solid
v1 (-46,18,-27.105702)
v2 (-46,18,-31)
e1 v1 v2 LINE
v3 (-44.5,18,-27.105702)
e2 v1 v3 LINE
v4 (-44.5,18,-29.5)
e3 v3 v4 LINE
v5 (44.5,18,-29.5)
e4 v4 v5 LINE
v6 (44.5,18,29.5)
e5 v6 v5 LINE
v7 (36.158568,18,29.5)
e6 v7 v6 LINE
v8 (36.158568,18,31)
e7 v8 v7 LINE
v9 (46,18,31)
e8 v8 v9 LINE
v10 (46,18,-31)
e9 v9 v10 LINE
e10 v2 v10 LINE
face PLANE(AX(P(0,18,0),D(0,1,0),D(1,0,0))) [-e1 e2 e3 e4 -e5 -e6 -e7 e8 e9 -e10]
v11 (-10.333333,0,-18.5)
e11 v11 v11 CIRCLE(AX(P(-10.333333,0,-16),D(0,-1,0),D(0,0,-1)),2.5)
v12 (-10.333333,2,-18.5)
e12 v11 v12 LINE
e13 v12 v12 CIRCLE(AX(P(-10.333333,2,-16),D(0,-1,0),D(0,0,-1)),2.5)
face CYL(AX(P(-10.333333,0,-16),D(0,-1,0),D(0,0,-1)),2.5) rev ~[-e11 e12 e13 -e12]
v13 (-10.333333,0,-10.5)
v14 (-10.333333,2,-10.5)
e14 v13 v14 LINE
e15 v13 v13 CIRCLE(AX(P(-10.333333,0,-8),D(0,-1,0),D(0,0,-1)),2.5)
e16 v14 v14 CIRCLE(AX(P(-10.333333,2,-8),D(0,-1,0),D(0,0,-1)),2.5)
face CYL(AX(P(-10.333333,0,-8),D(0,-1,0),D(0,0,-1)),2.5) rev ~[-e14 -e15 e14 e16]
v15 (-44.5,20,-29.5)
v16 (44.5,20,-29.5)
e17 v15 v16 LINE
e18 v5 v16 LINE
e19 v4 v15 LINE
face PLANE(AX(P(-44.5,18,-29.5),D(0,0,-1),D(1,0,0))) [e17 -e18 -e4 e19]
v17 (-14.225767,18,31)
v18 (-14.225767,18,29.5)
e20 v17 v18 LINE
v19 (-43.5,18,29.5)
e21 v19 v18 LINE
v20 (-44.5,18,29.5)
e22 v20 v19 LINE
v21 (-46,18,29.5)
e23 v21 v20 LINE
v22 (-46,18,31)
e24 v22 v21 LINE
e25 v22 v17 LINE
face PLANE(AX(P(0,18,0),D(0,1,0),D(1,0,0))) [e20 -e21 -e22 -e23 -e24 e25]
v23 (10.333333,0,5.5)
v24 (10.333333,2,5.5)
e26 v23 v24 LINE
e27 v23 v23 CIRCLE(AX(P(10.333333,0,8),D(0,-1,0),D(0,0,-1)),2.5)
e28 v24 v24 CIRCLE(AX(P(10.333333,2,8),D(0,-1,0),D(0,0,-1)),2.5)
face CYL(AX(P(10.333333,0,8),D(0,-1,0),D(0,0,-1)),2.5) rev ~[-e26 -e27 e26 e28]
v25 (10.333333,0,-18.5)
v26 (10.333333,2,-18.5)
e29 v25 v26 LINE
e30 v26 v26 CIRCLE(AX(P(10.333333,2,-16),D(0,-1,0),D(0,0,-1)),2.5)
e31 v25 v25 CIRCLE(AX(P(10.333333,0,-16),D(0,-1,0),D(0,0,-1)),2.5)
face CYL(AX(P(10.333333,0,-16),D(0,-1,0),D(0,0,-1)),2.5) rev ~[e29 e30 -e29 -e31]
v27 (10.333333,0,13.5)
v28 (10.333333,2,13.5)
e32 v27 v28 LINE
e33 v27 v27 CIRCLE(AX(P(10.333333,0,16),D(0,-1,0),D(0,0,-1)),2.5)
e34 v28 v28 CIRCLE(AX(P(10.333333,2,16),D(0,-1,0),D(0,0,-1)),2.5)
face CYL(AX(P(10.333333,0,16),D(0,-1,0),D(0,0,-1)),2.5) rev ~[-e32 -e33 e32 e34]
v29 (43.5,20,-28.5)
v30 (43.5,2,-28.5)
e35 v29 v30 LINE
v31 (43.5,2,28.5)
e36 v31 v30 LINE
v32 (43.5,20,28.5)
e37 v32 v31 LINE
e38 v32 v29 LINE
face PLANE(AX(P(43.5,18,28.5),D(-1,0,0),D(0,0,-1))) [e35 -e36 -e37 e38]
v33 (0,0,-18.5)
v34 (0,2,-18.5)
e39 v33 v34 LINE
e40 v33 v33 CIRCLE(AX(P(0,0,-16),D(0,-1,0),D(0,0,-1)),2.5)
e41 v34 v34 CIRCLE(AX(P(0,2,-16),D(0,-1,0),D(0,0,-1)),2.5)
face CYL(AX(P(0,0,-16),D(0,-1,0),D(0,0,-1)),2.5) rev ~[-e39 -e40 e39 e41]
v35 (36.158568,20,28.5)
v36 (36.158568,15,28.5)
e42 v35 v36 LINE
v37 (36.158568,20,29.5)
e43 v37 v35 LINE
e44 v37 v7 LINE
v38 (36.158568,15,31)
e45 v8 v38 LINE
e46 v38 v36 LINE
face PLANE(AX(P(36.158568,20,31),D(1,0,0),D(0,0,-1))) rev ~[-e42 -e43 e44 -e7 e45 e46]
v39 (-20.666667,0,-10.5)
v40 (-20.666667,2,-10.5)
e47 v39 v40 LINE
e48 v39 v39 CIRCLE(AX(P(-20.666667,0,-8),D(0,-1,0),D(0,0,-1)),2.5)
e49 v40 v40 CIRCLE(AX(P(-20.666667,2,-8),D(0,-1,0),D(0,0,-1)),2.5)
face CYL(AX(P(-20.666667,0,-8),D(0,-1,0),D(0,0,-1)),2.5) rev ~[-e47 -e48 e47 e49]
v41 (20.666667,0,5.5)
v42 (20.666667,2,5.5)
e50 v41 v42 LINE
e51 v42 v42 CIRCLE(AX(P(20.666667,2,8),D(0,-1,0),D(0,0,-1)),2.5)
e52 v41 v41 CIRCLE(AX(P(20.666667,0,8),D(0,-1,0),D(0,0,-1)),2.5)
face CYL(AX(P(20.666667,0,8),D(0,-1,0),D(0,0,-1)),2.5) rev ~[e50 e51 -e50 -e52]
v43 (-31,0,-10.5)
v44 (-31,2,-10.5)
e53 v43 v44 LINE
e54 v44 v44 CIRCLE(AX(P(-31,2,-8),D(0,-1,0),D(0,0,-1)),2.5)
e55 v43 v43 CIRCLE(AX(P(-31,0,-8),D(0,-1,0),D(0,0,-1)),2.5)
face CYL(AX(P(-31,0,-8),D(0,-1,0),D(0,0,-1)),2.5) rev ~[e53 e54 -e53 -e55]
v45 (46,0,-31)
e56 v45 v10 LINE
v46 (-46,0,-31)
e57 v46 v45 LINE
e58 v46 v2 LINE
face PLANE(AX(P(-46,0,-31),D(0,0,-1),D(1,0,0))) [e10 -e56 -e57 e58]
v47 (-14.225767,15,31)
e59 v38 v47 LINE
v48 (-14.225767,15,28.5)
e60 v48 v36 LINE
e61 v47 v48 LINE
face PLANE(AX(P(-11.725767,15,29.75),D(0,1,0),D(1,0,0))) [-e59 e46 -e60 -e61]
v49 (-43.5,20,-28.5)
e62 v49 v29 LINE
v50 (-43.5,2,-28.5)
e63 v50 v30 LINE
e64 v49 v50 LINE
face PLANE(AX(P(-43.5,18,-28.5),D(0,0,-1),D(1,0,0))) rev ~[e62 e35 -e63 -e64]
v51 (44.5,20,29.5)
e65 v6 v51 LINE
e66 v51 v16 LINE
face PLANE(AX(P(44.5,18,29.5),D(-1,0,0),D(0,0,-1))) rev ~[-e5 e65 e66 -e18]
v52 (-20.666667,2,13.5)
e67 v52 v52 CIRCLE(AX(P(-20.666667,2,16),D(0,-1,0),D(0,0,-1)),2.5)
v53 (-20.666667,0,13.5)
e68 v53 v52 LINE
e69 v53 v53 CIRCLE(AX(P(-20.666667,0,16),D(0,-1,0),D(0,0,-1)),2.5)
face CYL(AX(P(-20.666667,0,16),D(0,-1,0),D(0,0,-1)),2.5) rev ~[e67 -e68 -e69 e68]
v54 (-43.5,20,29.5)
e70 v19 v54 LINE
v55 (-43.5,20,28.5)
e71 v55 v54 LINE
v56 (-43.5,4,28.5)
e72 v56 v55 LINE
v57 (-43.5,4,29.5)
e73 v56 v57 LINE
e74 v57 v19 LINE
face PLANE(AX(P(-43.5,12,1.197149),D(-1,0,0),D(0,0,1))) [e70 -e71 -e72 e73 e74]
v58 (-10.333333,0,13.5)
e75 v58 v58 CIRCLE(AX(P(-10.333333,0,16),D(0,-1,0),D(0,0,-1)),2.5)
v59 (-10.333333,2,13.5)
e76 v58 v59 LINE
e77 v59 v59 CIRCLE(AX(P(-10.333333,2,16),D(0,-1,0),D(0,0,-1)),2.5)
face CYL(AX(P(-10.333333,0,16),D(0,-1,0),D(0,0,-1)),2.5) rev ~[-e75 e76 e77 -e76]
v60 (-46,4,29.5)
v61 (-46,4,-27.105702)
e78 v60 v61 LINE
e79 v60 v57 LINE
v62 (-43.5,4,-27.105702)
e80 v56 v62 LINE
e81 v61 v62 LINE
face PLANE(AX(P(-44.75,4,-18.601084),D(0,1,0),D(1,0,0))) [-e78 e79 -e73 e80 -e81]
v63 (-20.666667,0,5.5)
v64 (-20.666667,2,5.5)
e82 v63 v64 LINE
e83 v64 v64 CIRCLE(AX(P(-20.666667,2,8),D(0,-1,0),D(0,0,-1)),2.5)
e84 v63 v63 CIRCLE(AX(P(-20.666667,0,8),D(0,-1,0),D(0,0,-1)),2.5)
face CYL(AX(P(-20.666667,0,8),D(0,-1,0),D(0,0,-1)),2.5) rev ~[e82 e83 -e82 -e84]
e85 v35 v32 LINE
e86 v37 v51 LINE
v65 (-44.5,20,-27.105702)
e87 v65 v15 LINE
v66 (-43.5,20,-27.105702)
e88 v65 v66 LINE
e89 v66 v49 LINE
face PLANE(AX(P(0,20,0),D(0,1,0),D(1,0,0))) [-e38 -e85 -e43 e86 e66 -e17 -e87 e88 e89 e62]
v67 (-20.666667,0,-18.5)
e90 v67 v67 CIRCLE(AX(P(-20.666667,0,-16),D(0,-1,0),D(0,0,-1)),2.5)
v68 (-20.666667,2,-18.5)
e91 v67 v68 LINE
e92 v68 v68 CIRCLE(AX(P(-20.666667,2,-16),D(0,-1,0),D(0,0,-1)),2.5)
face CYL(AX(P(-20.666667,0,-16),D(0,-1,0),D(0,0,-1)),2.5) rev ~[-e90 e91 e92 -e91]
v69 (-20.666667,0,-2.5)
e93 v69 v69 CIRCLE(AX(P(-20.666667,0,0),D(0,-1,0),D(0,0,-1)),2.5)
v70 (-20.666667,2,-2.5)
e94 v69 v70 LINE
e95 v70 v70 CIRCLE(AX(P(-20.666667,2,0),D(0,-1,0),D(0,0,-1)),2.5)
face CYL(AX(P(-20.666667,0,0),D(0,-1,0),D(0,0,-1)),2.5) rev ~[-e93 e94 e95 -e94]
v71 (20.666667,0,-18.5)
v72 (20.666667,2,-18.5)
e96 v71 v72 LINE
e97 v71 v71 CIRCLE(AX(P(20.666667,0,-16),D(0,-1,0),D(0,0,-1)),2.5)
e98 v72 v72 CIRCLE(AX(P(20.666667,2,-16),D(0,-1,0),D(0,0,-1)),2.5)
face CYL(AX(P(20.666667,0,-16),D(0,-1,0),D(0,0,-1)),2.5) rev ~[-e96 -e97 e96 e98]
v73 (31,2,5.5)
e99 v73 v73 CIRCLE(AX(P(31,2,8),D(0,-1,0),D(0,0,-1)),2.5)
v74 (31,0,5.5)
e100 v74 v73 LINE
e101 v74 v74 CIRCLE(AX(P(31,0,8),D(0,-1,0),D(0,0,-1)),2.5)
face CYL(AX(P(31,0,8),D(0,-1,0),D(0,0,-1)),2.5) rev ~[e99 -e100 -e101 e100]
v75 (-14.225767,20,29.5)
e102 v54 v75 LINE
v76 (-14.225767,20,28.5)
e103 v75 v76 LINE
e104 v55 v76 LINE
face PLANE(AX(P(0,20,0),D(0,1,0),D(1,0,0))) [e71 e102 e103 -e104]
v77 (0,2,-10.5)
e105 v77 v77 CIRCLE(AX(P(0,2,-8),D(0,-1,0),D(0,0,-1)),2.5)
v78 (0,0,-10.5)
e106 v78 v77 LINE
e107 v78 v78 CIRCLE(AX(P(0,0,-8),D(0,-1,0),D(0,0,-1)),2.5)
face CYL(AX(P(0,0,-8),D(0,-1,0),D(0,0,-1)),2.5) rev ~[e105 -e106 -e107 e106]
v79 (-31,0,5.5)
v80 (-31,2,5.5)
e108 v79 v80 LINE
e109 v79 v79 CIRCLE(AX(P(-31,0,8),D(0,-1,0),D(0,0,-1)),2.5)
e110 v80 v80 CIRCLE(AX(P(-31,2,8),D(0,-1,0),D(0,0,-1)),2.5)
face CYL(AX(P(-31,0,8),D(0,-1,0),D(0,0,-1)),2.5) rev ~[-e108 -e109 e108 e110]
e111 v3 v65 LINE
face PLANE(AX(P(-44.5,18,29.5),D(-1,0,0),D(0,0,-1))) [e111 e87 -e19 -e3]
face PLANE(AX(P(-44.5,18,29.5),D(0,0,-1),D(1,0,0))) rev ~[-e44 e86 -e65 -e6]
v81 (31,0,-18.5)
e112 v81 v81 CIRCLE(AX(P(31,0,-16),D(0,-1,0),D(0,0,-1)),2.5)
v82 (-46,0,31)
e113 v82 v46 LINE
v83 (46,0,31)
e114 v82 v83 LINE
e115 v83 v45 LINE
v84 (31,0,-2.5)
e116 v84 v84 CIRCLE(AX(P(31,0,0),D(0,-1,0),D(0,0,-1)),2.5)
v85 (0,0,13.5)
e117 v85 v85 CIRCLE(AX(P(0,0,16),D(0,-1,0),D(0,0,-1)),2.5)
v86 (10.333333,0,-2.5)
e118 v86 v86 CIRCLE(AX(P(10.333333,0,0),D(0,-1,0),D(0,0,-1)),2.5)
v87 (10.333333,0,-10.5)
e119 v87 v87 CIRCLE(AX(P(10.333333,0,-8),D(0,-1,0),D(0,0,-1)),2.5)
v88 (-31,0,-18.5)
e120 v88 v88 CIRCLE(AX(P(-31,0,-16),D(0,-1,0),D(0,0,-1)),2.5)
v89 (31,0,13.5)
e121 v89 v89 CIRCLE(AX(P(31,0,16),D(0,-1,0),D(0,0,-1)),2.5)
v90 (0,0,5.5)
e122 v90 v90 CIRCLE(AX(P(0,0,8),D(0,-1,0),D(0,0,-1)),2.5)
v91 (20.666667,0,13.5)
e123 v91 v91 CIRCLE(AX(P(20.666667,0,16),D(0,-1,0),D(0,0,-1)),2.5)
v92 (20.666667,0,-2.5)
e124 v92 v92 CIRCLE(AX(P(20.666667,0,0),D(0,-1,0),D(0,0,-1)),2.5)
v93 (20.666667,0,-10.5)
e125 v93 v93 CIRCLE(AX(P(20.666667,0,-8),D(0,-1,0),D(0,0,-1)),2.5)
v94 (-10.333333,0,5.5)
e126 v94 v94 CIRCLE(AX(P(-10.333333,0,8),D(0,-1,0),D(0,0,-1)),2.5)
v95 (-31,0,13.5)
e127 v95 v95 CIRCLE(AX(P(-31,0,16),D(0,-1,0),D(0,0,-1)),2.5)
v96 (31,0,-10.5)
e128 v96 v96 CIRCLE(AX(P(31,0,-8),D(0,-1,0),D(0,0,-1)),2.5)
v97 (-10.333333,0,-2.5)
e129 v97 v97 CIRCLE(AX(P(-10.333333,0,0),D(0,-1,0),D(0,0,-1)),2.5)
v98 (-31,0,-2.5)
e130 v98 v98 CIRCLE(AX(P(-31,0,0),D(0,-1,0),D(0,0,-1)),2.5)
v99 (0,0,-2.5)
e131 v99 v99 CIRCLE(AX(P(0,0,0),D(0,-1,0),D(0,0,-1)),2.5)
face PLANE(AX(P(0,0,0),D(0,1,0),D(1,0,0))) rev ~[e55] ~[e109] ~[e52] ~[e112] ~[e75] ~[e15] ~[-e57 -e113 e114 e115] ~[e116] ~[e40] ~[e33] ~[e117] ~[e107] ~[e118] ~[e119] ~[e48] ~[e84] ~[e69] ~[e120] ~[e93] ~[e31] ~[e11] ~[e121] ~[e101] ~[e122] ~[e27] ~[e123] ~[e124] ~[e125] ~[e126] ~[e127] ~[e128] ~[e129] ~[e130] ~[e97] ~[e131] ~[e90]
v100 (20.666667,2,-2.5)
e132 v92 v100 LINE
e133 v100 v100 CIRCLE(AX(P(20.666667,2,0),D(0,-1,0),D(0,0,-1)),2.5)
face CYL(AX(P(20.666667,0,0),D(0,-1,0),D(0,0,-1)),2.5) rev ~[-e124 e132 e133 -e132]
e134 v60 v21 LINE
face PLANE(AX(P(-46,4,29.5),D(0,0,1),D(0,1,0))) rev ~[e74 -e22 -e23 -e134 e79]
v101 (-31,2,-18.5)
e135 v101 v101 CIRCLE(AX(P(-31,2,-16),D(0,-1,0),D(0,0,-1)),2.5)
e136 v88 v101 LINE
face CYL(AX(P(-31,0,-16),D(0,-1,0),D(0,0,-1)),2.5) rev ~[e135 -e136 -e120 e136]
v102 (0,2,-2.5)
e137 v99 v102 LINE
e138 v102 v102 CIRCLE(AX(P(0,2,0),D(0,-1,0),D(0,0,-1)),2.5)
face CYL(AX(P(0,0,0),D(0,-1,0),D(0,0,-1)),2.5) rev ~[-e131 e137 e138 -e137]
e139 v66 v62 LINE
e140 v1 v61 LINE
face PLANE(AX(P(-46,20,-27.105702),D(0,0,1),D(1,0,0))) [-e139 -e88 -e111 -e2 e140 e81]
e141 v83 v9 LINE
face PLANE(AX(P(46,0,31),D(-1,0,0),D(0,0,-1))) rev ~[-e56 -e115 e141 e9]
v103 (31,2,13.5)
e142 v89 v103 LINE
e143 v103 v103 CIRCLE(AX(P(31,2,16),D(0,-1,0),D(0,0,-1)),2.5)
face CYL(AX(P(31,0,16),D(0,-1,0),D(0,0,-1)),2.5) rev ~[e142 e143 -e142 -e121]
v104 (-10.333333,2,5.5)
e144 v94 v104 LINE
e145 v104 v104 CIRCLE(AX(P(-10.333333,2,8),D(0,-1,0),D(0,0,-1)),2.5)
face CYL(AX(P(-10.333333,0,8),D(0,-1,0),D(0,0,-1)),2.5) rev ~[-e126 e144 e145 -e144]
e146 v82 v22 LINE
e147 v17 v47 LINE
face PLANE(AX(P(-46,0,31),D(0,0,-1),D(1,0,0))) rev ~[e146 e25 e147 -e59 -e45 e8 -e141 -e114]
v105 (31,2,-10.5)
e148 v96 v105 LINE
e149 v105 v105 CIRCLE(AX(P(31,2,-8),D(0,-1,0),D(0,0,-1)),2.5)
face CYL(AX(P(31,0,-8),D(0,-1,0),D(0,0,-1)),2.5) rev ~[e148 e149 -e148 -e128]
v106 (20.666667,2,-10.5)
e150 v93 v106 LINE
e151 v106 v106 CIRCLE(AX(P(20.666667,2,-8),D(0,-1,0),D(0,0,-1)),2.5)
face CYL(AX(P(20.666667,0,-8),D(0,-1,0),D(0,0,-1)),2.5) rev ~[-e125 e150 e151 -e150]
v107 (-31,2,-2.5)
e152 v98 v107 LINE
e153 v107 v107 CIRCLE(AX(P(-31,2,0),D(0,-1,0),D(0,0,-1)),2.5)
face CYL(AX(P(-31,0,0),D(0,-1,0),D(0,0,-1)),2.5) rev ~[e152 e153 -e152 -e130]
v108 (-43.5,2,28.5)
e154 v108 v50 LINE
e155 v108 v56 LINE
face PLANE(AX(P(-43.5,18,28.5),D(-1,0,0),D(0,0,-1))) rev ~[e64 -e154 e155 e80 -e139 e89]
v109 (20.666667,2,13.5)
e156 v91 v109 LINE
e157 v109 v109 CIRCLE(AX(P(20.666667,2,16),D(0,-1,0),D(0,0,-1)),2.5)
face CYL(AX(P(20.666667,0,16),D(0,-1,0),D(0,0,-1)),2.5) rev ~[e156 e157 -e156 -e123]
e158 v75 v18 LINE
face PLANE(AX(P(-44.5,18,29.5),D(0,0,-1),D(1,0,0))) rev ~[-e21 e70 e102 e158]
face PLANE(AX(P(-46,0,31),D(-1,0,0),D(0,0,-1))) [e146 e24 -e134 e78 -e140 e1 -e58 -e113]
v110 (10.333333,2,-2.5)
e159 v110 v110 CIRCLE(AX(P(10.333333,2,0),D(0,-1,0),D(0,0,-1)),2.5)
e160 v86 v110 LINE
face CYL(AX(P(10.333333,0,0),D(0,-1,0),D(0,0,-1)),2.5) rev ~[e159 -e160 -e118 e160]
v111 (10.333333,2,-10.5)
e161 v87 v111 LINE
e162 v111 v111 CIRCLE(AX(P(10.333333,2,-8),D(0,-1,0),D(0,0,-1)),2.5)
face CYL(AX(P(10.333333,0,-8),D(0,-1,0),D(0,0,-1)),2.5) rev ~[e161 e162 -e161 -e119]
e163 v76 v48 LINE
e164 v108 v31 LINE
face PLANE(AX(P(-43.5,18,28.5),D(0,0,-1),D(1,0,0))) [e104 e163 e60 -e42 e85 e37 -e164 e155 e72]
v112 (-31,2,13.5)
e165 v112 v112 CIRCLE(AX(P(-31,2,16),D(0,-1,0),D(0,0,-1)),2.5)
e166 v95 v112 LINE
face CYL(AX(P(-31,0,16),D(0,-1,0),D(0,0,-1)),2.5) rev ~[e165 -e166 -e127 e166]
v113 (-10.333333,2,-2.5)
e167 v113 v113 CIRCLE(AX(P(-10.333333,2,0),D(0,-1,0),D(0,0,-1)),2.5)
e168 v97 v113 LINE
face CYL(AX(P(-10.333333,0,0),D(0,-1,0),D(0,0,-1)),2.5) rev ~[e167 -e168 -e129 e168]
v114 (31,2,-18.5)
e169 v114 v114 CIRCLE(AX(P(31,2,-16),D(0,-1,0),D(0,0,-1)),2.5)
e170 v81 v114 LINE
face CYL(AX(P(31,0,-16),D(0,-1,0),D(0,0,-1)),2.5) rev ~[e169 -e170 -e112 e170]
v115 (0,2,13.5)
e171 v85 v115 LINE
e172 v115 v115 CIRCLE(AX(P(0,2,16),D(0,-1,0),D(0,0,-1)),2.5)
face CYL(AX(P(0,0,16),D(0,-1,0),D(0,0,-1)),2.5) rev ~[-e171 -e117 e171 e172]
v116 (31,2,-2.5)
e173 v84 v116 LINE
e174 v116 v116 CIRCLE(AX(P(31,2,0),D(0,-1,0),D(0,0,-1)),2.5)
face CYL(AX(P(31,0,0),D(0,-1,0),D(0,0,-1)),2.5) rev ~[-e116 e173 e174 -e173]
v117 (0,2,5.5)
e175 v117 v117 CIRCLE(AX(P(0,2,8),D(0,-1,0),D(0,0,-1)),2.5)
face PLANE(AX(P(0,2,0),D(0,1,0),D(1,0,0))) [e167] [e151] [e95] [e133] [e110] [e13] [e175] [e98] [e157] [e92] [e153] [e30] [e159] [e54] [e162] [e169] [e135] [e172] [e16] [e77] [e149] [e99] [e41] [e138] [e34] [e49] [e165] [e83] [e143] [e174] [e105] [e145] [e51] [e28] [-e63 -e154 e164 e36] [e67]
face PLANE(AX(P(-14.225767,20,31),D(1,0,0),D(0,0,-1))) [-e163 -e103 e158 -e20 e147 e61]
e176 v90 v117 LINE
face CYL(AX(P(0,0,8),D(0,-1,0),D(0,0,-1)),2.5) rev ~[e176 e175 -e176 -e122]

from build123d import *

# Parameters (mm, degrees)
CROQUIS1_W              = 92
CROQUIS1_H              = 62
SALIENTE_EXTRUIR1_DEPTH = 18
CROQUIS2_W              = 87
CROQUIS2_H              = 57
CORTAR_EXTRUIR1_DEPTH   = 16
CROQUIS3_W              = 89
CROQUIS3_H              = 59
CROQUIS3_W_2            = 87
CROQUIS3_H_2            = 57
SALIENTE_EXTRUIR2_DEPTH = 2
CROQUIS4_W              = 2.5
CROQUIS4_H              = 14.150072655
CROQUIS4_H_2            = 13.999979608
CROQUIS4_H_3            = 17.009234147
CORTAR_EXTRUIR2_DEPTH   = 16
CROQUIS5_W              = 9.965409089
CROQUIS5_H              = 2.5
CROQUIS5_W_2            = 7.304626576
CROQUIS5_W_3            = 7.420347284
CROQUIS5_W_4            = 5
CORTAR_EXTRUIR3_DEPTH   = 5
CROQUIS7_R              = 2.5
CORTAR_EXTRUIR4_DEPTH   = 2
CROQUIS8_W              = 50.384335714
CROQUIS8_H              = 5
CORTAR_EXTRUIR5_DEPTH   = 2.5
CROQUIS9_W              = 56.605701511
CROQUIS9_H              = 16
CORTAR_EXTRUIR6_DEPTH   = 2.5


with BuildPart() as part:
    # Croquis1 → Saliente-Extruir1 (new body)
    with BuildSketch(Plane(origin=(0, 0, 0), x_dir=(1, 0, 0), z_dir=(0, 1, 0))):
        Rectangle(CROQUIS1_W, CROQUIS1_H)
    extrude(amount=SALIENTE_EXTRUIR1_DEPTH)

    # Croquis2 → Cortar-Extruir1 (cut)
    with BuildSketch(Plane(origin=(0, 18, 0), x_dir=(1, 0, 0), z_dir=(0, 1, 0))):
        Rectangle(CROQUIS2_W, CROQUIS2_H)
    extrude(amount=-CORTAR_EXTRUIR1_DEPTH, mode=Mode.SUBTRACT)

    # Croquis3 → Saliente-Extruir2 (add)
    with BuildSketch(Plane(origin=(0, 18, 0), x_dir=(1, 0, 0), z_dir=(0, 1, 0))):
        Rectangle(CROQUIS3_W, CROQUIS3_H)
        Rectangle(CROQUIS3_W_2, CROQUIS3_H_2, mode=Mode.SUBTRACT)
    extrude(amount=SALIENTE_EXTRUIR2_DEPTH)

    # Croquis4 → Cortar-Extruir2 (cut)
    with BuildSketch(Plane(origin=(0, 20, 0), x_dir=(1, 0, 0), z_dir=(0, 1, 0))):
        with Locations((-44.75, -18.476544129)):
            Rectangle(CROQUIS4_W, CROQUIS4_H)
        with Locations((-44.75, -0.477589339)):
            Rectangle(CROQUIS4_W, CROQUIS4_H_2)
        with Locations((-44.75, 18.601084438)):
            Rectangle(CROQUIS4_W, CROQUIS4_H_3)
    extrude(amount=-CORTAR_EXTRUIR2_DEPTH, mode=Mode.SUBTRACT)

    # Croquis5 → Cortar-Extruir3 (cut)
    with BuildSketch(Plane(origin=(0, 20, 0), x_dir=(1, 0, 0), z_dir=(0, 1, 0))):
        with Locations((31.175863948, -29.75)):
            Rectangle(CROQUIS5_W, CROQUIS5_H)
        with Locations((16.189846179, -29.75)):
            Rectangle(CROQUIS5_W_2, CROQUIS5_H)
        with Locations((2.577919336, -29.75)):
            Rectangle(CROQUIS5_W_3, CROQUIS5_H)
        with Locations((-11.725767222, -29.75)):
            Rectangle(CROQUIS5_W_4, CROQUIS5_H)
    extrude(amount=-CORTAR_EXTRUIR3_DEPTH, mode=Mode.SUBTRACT)

    # Croquis7 → Cortar-Extruir4 (cut)
    with BuildSketch(Plane.XZ):
        with Locations(Location((31, -16, 0), (0, 0, 270))):
            Circle(CROQUIS7_R)
        with Locations(Location((20.666666667, -16, 0), (0, 0, 270))):
            Circle(CROQUIS7_R)
        with Locations(Location((10.333333333, -16, 0), (0, 0, 270))):
            Circle(CROQUIS7_R)
        with Locations(Location((0, -16, 0), (0, 0, 270))):
            Circle(CROQUIS7_R)
        with Locations(Location((-10.333333333, -16, 0), (0, 0, 270))):
            Circle(CROQUIS7_R)
        with Locations(Location((-20.666666667, -16, 0), (0, 0, 270))):
            Circle(CROQUIS7_R)
        with Locations(Location((-31, -16, 0), (0, 0, 270))):
            Circle(CROQUIS7_R)
        with Locations(Location((20.666666667, -8, 0), (0, 0, 270))):
            Circle(CROQUIS7_R)
        with Locations(Location((10.333333333, -8, 0), (0, 0, 270))):
            Circle(CROQUIS7_R)
        with Locations(Location((0, -8, 0), (0, 0, 270))):
            Circle(CROQUIS7_R)
        with Locations(Location((-10.333333333, -8, 0), (0, 0, 270))):
            Circle(CROQUIS7_R)
        with Locations(Location((-20.666666667, -8, 0), (0, 0, 270))):
            Circle(CROQUIS7_R)
        with Locations(Location((-31, -8, 0), (0, 0, 270))):
            Circle(CROQUIS7_R)
        with Locations(Location((20.666666667, 0, 0), (0, 0, 270))):
            Circle(CROQUIS7_R)
        with Locations(Location((10.333333333, 0, 0), (0, 0, 270))):
            Circle(CROQUIS7_R)
        with Locations(Location((0, 0, 0), (0, 0, 270))):
            Circle(CROQUIS7_R)
        with Locations(Location((-10.333333333, 0, 0), (0, 0, 270))):
            Circle(CROQUIS7_R)
        with Locations(Location((-20.666666667, 0, 0), (0, 0, 270))):
            Circle(CROQUIS7_R)
        with Locations(Location((-31, 0, 0), (0, 0, 270))):
            Circle(CROQUIS7_R)
        with Locations(Location((20.666666667, 8, 0), (0, 0, 270))):
            Circle(CROQUIS7_R)
        with Locations(Location((10.333333333, 8, 0), (0, 0, 270))):
            Circle(CROQUIS7_R)
        with Locations(Location((0, 8, 0), (0, 0, 270))):
            Circle(CROQUIS7_R)
        with Locations(Location((-10.333333333, 8, 0), (0, 0, 270))):
            Circle(CROQUIS7_R)
        with Locations(Location((-20.666666667, 8, 0), (0, 0, 270))):
            Circle(CROQUIS7_R)
        with Locations(Location((-31, 8, 0), (0, 0, 270))):
            Circle(CROQUIS7_R)
        with Locations(Location((20.666666667, 16, 0), (0, 0, 270))):
            Circle(CROQUIS7_R)
        with Locations(Location((10.333333333, 16, 0), (0, 0, 270))):
            Circle(CROQUIS7_R)
        with Locations(Location((0, 16, 0), (0, 0, 270))):
            Circle(CROQUIS7_R)
        with Locations(Location((-10.333333333, 16, 0), (0, 0, 270))):
            Circle(CROQUIS7_R)
        with Locations(Location((-20.666666667, 16, 0), (0, 0, 270))):
            Circle(CROQUIS7_R)
        with Locations(Location((-31, 16, 0), (0, 0, 270))):
            Circle(CROQUIS7_R)
        with Locations(Location((31, -8, 0), (0, 0, 270))):
            Circle(CROQUIS7_R)
        with Locations(Location((31, 0, 0), (0, 0, 270))):
            Circle(CROQUIS7_R)
        with Locations(Location((31, 8, 0), (0, 0, 270))):
            Circle(CROQUIS7_R)
        with Locations(Location((31, 16, 0), (0, 0, 270))):
            Circle(CROQUIS7_R)
    extrude(amount=-CORTAR_EXTRUIR4_DEPTH, mode=Mode.SUBTRACT)

    # Croquis8 → Cortar-Extruir5 (cut)
    with BuildSketch(Plane.XY.offset(31)):
        with Locations((10.966400635, 17.5)):
            Rectangle(CROQUIS8_W, CROQUIS8_H)
    extrude(amount=-CORTAR_EXTRUIR5_DEPTH, mode=Mode.SUBTRACT)

    # Croquis9 → Cortar-Extruir6 (cut)
    with BuildSketch(Plane.ZY.offset(46)):
        with Locations((1.197149245, 12)):
            Rectangle(CROQUIS9_W, CROQUIS9_H)
    extrude(amount=-CORTAR_EXTRUIR6_DEPTH, mode=Mode.SUBTRACT)


solid = part.part
